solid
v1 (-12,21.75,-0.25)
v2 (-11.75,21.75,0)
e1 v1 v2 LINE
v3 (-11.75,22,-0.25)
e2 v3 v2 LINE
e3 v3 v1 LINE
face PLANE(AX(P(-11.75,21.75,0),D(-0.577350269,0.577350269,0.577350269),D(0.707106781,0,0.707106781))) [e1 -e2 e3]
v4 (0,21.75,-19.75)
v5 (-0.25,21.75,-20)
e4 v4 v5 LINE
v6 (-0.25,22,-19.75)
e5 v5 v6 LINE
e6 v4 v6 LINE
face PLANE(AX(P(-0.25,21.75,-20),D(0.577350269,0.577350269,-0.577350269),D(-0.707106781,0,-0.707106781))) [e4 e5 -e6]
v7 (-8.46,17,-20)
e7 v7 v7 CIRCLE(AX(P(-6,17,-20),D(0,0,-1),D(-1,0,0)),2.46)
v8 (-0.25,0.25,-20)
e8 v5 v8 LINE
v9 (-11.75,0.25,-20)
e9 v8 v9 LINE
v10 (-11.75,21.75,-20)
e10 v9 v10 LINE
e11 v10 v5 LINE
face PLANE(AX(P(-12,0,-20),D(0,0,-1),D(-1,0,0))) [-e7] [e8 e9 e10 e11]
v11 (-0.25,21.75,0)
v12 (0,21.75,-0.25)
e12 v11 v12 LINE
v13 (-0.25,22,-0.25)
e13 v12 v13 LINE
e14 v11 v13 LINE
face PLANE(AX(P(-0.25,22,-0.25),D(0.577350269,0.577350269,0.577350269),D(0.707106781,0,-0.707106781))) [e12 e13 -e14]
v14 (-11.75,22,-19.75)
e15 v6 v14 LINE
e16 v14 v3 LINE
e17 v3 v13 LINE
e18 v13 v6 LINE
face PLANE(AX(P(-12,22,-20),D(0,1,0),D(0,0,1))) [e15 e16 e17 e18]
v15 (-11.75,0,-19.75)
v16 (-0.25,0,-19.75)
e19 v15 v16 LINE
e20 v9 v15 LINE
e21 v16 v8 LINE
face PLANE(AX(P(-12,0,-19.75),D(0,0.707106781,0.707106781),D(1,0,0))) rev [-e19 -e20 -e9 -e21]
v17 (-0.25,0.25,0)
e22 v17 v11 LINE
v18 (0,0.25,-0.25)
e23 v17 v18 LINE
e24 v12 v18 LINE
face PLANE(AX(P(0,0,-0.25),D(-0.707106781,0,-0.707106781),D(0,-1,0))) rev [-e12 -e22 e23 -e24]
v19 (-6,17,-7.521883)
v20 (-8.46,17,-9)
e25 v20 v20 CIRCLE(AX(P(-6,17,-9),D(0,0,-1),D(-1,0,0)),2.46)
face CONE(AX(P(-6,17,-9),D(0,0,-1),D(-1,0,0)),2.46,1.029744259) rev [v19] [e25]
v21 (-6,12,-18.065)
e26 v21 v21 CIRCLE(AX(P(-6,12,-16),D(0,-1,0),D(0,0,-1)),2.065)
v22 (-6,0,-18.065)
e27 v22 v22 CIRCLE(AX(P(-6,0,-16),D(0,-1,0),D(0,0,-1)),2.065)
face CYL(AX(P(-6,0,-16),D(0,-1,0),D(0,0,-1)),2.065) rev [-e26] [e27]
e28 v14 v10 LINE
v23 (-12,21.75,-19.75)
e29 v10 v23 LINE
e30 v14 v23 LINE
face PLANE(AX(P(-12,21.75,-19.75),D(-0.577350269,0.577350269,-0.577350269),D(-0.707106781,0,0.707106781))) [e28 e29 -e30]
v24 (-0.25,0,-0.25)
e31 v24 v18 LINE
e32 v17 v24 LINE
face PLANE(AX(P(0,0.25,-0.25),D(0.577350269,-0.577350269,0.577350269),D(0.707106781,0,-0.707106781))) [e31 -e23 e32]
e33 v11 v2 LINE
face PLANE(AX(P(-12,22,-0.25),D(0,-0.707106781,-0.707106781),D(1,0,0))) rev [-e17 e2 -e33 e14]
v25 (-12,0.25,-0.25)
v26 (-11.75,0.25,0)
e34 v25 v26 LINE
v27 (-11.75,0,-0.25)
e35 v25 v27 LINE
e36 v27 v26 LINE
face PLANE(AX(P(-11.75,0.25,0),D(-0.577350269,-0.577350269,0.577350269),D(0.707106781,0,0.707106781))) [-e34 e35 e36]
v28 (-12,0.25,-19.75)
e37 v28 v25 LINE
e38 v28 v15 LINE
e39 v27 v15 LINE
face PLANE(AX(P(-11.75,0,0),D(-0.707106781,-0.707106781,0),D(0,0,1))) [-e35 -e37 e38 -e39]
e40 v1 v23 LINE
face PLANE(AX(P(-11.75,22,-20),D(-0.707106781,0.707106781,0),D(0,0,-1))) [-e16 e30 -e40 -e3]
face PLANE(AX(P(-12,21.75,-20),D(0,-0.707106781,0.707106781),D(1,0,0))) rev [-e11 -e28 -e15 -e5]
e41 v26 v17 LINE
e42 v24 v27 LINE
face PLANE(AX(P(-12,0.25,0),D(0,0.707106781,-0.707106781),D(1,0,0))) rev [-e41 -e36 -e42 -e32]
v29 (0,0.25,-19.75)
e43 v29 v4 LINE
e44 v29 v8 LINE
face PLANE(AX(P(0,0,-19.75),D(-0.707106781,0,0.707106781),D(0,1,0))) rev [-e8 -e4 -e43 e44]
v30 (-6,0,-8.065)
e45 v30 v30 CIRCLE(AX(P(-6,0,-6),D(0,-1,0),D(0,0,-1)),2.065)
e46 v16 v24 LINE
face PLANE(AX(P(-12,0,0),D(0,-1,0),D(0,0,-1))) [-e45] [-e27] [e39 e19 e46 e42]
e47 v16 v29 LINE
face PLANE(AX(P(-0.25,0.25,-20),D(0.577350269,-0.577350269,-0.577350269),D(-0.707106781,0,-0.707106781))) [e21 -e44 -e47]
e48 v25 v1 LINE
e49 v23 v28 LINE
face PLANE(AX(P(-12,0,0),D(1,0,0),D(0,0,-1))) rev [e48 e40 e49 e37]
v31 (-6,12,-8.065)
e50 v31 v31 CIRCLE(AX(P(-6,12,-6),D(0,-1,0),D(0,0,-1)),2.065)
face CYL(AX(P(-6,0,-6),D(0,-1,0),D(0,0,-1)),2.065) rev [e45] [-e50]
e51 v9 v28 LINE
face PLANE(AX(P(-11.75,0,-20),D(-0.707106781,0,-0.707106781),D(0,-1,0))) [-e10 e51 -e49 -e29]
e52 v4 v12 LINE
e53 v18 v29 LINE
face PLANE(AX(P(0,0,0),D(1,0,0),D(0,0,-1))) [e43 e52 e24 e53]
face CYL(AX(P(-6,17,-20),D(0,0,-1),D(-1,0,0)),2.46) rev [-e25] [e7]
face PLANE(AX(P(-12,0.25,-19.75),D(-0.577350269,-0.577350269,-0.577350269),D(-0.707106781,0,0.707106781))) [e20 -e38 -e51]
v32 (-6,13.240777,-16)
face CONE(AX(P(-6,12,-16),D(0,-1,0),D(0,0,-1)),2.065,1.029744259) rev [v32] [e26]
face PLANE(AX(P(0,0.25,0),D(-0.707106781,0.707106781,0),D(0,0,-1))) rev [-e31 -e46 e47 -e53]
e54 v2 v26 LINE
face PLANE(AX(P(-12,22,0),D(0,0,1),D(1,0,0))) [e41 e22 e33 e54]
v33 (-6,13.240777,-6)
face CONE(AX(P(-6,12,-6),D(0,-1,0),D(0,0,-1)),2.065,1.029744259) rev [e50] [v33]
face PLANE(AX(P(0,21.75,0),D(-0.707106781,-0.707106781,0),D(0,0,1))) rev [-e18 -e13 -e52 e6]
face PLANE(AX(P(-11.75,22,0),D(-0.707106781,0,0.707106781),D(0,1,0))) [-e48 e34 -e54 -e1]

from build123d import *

# Parameters (mm, degrees)
SKETCH1_W                  = 20
SKETCH1_H                  = 22
BOSS_EXTRUDE1_DEPTH        = 12
HOLE1_D                    = 4.92
HOLE1_DEPTH                = 11
HOLE1_TIP                  = 1.478117123
M3_5_CLEARANCE_HOLE1_D     = 4.13
M3_5_CLEARANCE_HOLE1_DEPTH = 12
M3_5_CLEARANCE_HOLE1_TIP   = 1.240777178
CHAMFER1_SIZE              = 0.25


with BuildPart() as part:
    # Sketch1 → Boss-Extrude1 (new body)
    with BuildSketch(Plane(origin=(0, 0, 0), x_dir=(0, 0, -1), z_dir=(1, 0, 0))):
        with Locations((10, 11)):
            Rectangle(SKETCH1_W, SKETCH1_H)
    extrude(amount=-BOSS_EXTRUDE1_DEPTH)

    # Hole1
    with Locations(Plane(origin=(0, 0, -20), x_dir=(-1, 0, 0), z_dir=(0, 0, -1))):
        with Locations((6, 17)):
            Hole(HOLE1_D / 2, depth=HOLE1_DEPTH)
            with Locations((0, 0, -(HOLE1_DEPTH + HOLE1_TIP / 2))):  # 118° drill point
                Cone(0, HOLE1_D / 2, HOLE1_TIP, mode=Mode.SUBTRACT)

    # M3.5 Clearance Hole1
    with Locations(Plane(origin=(0, 0, 0), x_dir=(-1, 0, 0), z_dir=(0, -1, 0))):
        with Locations((6, 16), (6, 6)):
            Hole(M3_5_CLEARANCE_HOLE1_D / 2, depth=M3_5_CLEARANCE_HOLE1_DEPTH)
            with Locations((0, 0, -(M3_5_CLEARANCE_HOLE1_DEPTH + M3_5_CLEARANCE_HOLE1_TIP / 2))):  # 118° drill point
                Cone(0, M3_5_CLEARANCE_HOLE1_D / 2, M3_5_CLEARANCE_HOLE1_TIP, mode=Mode.SUBTRACT)

    # Chamfer1
    chamfer1_edges = [part.edges().sort_by_distance(p)[0] for p in [
        (-12, 11, -20),
        (-12, 22, -10),
        (-12, 11, 0),
        (0, 22, -10),
        (0, 11, -20),
        (0, 0, -10),
        (0, 11, 0),
        (-6, 22, 0),
        (-6, 22, -20),
        (-6, 0, -20),
        (-6, 0, 0),
        (-12, 0, -10),
    ]]
    chamfer(chamfer1_edges, length=CHAMFER1_SIZE)


solid = part.part
